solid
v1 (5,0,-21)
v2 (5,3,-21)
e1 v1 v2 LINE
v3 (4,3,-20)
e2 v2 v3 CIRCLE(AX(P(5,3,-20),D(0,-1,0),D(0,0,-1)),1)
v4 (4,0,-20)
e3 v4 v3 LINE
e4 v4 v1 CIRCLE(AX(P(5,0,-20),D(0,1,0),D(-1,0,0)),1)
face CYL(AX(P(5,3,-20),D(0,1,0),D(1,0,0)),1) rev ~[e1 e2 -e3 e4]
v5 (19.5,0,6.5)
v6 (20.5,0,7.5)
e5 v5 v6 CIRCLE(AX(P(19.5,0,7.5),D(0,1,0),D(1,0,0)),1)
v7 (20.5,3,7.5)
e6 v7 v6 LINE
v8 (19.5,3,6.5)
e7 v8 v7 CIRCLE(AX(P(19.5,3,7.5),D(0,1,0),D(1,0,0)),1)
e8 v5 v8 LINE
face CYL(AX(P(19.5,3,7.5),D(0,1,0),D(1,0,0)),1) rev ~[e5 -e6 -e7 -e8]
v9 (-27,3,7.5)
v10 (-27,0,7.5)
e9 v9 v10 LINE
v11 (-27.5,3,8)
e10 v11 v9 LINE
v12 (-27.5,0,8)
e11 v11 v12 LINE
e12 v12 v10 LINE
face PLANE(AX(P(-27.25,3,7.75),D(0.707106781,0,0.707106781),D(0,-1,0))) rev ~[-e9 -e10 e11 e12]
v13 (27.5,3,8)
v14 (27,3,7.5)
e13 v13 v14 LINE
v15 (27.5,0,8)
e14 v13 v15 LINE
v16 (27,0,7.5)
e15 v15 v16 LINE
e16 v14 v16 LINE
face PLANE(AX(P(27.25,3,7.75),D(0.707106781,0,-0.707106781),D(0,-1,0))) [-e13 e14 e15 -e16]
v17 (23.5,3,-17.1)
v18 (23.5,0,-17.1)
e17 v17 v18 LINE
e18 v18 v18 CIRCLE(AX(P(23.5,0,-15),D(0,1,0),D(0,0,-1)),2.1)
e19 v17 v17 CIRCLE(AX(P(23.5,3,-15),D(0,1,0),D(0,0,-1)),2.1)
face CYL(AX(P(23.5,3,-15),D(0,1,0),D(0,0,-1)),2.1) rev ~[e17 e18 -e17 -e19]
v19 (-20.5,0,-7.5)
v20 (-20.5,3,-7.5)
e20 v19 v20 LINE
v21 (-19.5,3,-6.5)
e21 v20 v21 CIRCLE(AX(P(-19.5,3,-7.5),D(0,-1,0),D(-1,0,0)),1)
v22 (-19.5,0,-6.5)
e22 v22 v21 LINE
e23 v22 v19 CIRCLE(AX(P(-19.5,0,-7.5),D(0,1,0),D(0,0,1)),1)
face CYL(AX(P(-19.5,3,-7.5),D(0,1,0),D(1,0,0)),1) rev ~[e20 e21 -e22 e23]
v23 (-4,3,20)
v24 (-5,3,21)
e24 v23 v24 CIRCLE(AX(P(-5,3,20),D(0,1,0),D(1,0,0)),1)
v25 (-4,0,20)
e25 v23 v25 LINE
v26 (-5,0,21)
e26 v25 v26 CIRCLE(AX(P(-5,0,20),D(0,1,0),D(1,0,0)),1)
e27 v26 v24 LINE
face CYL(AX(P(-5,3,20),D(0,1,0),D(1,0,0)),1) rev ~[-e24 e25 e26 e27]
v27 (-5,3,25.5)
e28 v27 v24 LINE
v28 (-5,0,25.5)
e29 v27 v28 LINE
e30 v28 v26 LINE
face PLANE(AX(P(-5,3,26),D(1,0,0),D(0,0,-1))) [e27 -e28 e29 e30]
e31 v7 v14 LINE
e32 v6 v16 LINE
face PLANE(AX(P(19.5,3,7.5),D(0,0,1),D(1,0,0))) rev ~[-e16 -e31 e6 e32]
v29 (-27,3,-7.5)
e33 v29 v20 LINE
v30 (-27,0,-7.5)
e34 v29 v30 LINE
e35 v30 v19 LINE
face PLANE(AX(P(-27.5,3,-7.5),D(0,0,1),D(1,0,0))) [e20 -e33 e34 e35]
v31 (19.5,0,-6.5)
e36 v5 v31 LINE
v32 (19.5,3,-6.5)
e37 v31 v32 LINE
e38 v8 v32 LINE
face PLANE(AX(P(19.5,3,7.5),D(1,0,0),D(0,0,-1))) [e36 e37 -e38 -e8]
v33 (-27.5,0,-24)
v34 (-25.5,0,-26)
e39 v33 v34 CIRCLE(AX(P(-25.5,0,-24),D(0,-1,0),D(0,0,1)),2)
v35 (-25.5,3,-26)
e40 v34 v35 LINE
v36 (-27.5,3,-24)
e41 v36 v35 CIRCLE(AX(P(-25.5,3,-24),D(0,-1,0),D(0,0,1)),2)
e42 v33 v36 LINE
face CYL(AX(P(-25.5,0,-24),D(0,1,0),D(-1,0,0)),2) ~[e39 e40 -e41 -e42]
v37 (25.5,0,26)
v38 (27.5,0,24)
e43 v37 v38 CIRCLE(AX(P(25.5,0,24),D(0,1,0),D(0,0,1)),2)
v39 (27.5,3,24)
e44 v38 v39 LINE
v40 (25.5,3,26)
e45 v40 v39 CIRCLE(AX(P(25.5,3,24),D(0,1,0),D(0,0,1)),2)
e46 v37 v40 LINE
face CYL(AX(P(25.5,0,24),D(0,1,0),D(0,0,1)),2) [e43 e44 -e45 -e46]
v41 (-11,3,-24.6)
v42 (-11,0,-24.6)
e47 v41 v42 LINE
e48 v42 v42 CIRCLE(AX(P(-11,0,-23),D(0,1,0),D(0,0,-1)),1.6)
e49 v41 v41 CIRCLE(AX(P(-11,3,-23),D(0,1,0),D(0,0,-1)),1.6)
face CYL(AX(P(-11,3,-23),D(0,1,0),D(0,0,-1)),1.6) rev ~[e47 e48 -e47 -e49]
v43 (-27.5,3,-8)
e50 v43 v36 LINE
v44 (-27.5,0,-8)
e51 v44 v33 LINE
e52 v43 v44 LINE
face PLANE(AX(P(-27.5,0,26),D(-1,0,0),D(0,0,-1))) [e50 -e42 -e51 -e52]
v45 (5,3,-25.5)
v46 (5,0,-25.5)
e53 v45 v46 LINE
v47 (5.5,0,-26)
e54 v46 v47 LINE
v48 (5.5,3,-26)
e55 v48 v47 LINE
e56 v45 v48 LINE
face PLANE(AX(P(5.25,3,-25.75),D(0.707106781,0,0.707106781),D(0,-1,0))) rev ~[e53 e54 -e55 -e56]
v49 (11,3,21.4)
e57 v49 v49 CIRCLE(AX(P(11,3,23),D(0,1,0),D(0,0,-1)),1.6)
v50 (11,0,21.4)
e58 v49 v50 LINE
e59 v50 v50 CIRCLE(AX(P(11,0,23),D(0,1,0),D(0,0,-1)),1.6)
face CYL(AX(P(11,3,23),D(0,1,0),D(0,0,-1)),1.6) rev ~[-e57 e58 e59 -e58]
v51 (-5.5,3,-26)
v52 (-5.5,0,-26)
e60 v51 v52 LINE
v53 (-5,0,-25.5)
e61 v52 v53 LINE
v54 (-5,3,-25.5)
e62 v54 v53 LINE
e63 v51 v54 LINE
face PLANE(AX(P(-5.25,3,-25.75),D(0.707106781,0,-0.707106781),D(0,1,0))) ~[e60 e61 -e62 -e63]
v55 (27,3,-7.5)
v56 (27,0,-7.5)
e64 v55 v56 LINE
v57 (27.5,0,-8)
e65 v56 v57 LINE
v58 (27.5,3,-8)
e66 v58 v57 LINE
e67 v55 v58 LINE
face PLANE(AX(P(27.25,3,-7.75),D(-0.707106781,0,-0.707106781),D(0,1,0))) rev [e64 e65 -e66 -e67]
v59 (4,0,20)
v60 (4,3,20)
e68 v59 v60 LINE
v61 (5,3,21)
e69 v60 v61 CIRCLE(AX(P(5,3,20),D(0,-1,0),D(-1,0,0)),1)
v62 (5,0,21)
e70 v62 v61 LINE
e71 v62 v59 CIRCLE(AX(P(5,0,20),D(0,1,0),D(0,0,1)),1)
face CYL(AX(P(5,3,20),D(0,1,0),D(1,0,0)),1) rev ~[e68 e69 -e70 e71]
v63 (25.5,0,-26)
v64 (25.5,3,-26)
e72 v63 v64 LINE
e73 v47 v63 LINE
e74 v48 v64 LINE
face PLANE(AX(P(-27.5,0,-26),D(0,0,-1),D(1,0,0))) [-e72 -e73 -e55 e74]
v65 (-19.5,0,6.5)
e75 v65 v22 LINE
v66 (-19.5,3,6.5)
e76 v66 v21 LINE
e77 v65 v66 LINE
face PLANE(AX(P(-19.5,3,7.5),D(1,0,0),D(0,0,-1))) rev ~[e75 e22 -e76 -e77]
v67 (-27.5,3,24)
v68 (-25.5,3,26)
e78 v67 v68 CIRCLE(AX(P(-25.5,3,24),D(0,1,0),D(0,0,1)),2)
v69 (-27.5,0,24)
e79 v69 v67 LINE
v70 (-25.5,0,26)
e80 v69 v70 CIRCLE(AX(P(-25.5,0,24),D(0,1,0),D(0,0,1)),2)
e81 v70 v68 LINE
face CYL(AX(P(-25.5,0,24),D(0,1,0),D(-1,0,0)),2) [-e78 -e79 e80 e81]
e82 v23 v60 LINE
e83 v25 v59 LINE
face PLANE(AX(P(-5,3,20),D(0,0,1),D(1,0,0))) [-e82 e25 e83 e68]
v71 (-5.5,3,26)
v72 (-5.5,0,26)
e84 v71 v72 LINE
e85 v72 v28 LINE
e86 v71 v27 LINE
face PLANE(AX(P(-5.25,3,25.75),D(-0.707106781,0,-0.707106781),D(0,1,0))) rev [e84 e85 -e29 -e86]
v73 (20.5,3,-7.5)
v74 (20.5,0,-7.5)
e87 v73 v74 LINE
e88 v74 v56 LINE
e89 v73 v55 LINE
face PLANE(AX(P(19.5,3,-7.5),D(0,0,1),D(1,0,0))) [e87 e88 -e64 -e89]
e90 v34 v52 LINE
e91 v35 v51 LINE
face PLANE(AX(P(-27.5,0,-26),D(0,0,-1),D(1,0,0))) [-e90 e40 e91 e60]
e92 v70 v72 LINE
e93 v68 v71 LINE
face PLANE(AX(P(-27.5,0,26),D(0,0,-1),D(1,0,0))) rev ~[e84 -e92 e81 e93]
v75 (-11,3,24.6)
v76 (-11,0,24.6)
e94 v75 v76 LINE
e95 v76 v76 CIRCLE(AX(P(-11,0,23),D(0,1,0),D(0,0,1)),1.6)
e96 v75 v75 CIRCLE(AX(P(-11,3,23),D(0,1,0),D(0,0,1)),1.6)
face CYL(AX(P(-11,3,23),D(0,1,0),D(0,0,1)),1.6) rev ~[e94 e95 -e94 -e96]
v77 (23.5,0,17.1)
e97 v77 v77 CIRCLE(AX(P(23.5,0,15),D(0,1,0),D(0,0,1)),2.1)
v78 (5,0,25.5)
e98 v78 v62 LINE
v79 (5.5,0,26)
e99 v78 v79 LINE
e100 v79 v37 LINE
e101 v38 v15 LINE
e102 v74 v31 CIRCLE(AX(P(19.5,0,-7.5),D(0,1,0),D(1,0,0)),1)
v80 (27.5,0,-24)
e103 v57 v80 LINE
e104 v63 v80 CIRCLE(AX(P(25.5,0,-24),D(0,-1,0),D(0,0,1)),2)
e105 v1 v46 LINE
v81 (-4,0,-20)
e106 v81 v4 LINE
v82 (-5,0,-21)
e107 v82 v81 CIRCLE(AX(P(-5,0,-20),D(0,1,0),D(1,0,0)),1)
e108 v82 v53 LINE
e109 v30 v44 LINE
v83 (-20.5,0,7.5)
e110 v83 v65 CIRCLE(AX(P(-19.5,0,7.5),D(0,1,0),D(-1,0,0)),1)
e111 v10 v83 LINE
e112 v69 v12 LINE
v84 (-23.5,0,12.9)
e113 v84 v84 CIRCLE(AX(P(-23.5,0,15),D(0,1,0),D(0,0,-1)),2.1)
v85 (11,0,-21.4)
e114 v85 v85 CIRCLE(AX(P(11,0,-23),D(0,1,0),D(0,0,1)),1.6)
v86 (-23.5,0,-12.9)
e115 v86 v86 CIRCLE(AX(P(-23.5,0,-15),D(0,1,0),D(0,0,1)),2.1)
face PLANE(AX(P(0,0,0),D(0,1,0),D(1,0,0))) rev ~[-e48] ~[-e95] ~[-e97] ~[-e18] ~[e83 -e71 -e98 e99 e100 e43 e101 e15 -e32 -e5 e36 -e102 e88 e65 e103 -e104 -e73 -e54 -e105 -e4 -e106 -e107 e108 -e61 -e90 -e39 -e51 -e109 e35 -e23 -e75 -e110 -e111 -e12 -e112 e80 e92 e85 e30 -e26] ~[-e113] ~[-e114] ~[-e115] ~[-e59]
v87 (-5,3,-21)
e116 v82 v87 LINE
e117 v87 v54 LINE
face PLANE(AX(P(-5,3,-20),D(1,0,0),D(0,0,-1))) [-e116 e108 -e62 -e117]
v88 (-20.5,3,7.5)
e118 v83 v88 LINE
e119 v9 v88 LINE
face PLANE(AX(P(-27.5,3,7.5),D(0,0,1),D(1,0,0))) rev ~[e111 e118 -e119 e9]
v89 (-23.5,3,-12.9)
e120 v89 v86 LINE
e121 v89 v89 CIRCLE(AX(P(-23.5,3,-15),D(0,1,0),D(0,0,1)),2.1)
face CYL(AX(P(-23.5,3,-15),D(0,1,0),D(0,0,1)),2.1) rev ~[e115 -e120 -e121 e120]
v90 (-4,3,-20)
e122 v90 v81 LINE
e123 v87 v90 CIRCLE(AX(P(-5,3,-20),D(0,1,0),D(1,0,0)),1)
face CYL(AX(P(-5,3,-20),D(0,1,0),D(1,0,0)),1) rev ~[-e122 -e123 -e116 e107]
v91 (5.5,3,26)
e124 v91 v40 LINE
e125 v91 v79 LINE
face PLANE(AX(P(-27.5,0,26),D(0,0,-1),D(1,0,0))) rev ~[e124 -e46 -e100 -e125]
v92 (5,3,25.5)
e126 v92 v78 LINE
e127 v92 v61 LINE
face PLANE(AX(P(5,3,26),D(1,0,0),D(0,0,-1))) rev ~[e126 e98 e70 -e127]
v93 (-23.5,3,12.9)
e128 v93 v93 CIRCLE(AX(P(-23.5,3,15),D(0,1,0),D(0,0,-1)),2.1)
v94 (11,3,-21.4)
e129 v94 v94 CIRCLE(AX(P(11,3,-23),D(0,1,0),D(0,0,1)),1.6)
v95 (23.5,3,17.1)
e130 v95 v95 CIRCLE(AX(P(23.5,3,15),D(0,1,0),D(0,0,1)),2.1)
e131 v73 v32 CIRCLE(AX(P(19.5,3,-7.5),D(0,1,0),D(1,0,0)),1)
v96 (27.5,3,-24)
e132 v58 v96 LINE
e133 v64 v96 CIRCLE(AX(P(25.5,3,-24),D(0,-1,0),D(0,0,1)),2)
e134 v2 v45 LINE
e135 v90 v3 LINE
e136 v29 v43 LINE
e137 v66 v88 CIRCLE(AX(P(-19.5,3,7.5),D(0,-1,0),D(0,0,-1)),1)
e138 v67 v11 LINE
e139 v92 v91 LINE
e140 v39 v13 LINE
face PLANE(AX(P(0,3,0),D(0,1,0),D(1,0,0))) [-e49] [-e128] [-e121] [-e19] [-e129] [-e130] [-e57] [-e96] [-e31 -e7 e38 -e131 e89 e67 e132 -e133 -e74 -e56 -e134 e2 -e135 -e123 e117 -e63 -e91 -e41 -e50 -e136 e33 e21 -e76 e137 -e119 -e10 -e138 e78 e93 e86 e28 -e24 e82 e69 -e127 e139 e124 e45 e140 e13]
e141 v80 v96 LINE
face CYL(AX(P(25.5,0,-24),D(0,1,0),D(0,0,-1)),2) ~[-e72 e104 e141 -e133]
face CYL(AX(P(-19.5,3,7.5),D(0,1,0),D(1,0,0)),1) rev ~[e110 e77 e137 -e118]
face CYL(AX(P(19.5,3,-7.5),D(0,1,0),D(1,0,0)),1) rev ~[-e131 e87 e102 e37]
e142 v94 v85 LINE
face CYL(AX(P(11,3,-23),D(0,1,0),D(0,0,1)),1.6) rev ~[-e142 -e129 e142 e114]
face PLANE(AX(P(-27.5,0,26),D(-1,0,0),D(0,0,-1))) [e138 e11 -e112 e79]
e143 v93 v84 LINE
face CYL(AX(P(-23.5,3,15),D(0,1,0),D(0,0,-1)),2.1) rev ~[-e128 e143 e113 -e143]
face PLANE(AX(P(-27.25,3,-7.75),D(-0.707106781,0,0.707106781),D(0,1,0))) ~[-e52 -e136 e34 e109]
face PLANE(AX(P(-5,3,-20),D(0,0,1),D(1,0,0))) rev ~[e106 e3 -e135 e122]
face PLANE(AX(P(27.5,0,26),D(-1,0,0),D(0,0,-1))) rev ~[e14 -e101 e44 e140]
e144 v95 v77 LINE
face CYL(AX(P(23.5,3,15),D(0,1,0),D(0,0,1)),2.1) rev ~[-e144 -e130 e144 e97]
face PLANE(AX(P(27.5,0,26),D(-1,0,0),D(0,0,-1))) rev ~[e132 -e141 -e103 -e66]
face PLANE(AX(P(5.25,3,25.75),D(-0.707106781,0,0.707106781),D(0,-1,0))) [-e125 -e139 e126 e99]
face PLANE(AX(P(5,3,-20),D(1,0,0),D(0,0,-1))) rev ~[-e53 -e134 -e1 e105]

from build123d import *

# Parameters (mm, degrees)
SKETCH_1_W          = 55
SKETCH_1_H          = 52
EXTRUDE_1_DEPTH     = 3
SKETCH_2_W          = 10
SKETCH_2_H          = 6
CUT_EXTRUDE_1_DEPTH = 38.963798545
SKETCH_3_R          = 1
CUT_EXTRUDE_2_DEPTH = 38.963798545
SKETCH_4_R          = 1.6
CUT_EXTRUDE_3_DEPTH = 38.963798545
CHAMFER_1_SIZE      = 0.5
SKETCH_5_W          = 8
SKETCH_5_H          = 15
CUT_EXTRUDE_4_DEPTH = 38.963798545
SKETCH_6_R          = 1
CUT_EXTRUDE_5_DEPTH = 38.963798545
SKETCH_7_R          = 2.1
CUT_EXTRUDE_6_DEPTH = 38.963798545
CHAMFER_2_SIZE      = 0.5
FILLET_1_R          = 2


with BuildPart() as part:
    # 草图1 → 凸台-拉伸1 (new body)
    with BuildSketch(Plane(origin=(0, 0, 0), x_dir=(1, 0, 0), z_dir=(0, 1, 0))):
        Rectangle(SKETCH_1_W, SKETCH_1_H)
    extrude(amount=EXTRUDE_1_DEPTH)

    # 草图2 → 切除-拉伸1 (cut, through all)
    with BuildSketch(Plane(origin=(0, 3, 0), x_dir=(1, 0, 0), z_dir=(0, 1, 0))):
        with Locations((0, -23)):
            Rectangle(SKETCH_2_W, SKETCH_2_H)
        with Locations((0, 23)):
            Rectangle(SKETCH_2_W, SKETCH_2_H)
    extrude(amount=-CUT_EXTRUDE_1_DEPTH, mode=Mode.SUBTRACT)

    # 草图3 → 切除-拉伸2 (cut, through all)
    with BuildSketch(Plane(origin=(0, 3, 0), x_dir=(1, 0, 0), z_dir=(0, 1, 0))):
        with Locations((-5, 20)):
            Circle(SKETCH_3_R)
        with Locations((5, 20)):
            Circle(SKETCH_3_R)
        with Locations((-5, -20)):
            Circle(SKETCH_3_R)
        with Locations((5, -20)):
            Circle(SKETCH_3_R)
    extrude(amount=-CUT_EXTRUDE_2_DEPTH, mode=Mode.SUBTRACT)

    # 草图4 → 切除-拉伸3 (cut, through all)
    with BuildSketch(Plane(origin=(0, 3, 0), x_dir=(1, 0, 0), z_dir=(0, 1, 0))):
        with Locations(Location((-11, -23, 0), (0, 0, 270))):
            Circle(SKETCH_4_R)
        with Locations(Location((11, -23, 0), (0, 0, 90))):
            Circle(SKETCH_4_R)
        with Locations(Location((11, 23, 0), (0, 0, 270))):
            Circle(SKETCH_4_R)
        with Locations(Location((-11, 23, 0), (0, 0, 90))):
            Circle(SKETCH_4_R)
    extrude(amount=-CUT_EXTRUDE_3_DEPTH, mode=Mode.SUBTRACT)

    # 倒角1
    chamfer_1_edges = [part.edges().sort_by_distance(p)[0] for p in [
        (5, 1.5, 26),
        (-5, 1.5, 26),
        (-5, 1.5, -26),
        (5, 1.5, -26),
    ]]
    chamfer(chamfer_1_edges, length=CHAMFER_1_SIZE)

    # 草图5 → 切除-拉伸4 (cut, through all)
    with BuildSketch(Plane(origin=(0, 3, 0), x_dir=(1, 0, 0), z_dir=(0, 1, 0))):
        with Locations((-23.5, 0)):
            Rectangle(SKETCH_5_W, SKETCH_5_H)
        with Locations((23.5, 0)):
            Rectangle(SKETCH_5_W, SKETCH_5_H)
    extrude(amount=-CUT_EXTRUDE_4_DEPTH, mode=Mode.SUBTRACT)

    # 草图6 → 切除-拉伸5 (cut, through all)
    with BuildSketch(Plane(origin=(0, 3, 0), x_dir=(1, 0, 0), z_dir=(0, 1, 0))):
        with Locations((19.5, 7.5)):
            Circle(SKETCH_6_R)
        with Locations((19.5, -7.5)):
            Circle(SKETCH_6_R)
        with Locations((-19.5, 7.5)):
            Circle(SKETCH_6_R)
        with Locations((-19.5, -7.5)):
            Circle(SKETCH_6_R)
    extrude(amount=-CUT_EXTRUDE_5_DEPTH, mode=Mode.SUBTRACT)

    # 草图7 → 切除-拉伸6 (cut, through all)
    with BuildSketch(Plane(origin=(0, 3, 0), x_dir=(1, 0, 0), z_dir=(0, 1, 0))):
        with Locations(Location((-23.5, 15, 0), (0, 0, 270))):
            Circle(SKETCH_7_R)
        with Locations(Location((-23.5, -15, 0), (0, 0, 90))):
            Circle(SKETCH_7_R)
        with Locations(Location((23.5, -15, 0), (0, 0, 270))):
            Circle(SKETCH_7_R)
        with Locations(Location((23.5, 15, 0), (0, 0, 90))):
            Circle(SKETCH_7_R)
    extrude(amount=-CUT_EXTRUDE_6_DEPTH, mode=Mode.SUBTRACT)

    # 倒角2
    chamfer_2_edges = [part.edges().sort_by_distance(p)[0] for p in [
        (-27.5, 1.5, 7.5),
        (-27.5, 1.5, -7.5),
        (27.5, 1.5, 7.5),
        (27.5, 1.5, -7.5),
    ]]
    chamfer(chamfer_2_edges, length=CHAMFER_2_SIZE)

    # 圆角1
    fillet_1_edges = [part.edges().sort_by_distance(p)[0] for p in [
        (27.5, 1.5, 26),
        (-27.5, 1.5, 26),
        (-27.5, 1.5, -26),
        (27.5, 1.5, -26),
    ]]
    fillet(fillet_1_edges, radius=FILLET_1_R)


solid = part.part
